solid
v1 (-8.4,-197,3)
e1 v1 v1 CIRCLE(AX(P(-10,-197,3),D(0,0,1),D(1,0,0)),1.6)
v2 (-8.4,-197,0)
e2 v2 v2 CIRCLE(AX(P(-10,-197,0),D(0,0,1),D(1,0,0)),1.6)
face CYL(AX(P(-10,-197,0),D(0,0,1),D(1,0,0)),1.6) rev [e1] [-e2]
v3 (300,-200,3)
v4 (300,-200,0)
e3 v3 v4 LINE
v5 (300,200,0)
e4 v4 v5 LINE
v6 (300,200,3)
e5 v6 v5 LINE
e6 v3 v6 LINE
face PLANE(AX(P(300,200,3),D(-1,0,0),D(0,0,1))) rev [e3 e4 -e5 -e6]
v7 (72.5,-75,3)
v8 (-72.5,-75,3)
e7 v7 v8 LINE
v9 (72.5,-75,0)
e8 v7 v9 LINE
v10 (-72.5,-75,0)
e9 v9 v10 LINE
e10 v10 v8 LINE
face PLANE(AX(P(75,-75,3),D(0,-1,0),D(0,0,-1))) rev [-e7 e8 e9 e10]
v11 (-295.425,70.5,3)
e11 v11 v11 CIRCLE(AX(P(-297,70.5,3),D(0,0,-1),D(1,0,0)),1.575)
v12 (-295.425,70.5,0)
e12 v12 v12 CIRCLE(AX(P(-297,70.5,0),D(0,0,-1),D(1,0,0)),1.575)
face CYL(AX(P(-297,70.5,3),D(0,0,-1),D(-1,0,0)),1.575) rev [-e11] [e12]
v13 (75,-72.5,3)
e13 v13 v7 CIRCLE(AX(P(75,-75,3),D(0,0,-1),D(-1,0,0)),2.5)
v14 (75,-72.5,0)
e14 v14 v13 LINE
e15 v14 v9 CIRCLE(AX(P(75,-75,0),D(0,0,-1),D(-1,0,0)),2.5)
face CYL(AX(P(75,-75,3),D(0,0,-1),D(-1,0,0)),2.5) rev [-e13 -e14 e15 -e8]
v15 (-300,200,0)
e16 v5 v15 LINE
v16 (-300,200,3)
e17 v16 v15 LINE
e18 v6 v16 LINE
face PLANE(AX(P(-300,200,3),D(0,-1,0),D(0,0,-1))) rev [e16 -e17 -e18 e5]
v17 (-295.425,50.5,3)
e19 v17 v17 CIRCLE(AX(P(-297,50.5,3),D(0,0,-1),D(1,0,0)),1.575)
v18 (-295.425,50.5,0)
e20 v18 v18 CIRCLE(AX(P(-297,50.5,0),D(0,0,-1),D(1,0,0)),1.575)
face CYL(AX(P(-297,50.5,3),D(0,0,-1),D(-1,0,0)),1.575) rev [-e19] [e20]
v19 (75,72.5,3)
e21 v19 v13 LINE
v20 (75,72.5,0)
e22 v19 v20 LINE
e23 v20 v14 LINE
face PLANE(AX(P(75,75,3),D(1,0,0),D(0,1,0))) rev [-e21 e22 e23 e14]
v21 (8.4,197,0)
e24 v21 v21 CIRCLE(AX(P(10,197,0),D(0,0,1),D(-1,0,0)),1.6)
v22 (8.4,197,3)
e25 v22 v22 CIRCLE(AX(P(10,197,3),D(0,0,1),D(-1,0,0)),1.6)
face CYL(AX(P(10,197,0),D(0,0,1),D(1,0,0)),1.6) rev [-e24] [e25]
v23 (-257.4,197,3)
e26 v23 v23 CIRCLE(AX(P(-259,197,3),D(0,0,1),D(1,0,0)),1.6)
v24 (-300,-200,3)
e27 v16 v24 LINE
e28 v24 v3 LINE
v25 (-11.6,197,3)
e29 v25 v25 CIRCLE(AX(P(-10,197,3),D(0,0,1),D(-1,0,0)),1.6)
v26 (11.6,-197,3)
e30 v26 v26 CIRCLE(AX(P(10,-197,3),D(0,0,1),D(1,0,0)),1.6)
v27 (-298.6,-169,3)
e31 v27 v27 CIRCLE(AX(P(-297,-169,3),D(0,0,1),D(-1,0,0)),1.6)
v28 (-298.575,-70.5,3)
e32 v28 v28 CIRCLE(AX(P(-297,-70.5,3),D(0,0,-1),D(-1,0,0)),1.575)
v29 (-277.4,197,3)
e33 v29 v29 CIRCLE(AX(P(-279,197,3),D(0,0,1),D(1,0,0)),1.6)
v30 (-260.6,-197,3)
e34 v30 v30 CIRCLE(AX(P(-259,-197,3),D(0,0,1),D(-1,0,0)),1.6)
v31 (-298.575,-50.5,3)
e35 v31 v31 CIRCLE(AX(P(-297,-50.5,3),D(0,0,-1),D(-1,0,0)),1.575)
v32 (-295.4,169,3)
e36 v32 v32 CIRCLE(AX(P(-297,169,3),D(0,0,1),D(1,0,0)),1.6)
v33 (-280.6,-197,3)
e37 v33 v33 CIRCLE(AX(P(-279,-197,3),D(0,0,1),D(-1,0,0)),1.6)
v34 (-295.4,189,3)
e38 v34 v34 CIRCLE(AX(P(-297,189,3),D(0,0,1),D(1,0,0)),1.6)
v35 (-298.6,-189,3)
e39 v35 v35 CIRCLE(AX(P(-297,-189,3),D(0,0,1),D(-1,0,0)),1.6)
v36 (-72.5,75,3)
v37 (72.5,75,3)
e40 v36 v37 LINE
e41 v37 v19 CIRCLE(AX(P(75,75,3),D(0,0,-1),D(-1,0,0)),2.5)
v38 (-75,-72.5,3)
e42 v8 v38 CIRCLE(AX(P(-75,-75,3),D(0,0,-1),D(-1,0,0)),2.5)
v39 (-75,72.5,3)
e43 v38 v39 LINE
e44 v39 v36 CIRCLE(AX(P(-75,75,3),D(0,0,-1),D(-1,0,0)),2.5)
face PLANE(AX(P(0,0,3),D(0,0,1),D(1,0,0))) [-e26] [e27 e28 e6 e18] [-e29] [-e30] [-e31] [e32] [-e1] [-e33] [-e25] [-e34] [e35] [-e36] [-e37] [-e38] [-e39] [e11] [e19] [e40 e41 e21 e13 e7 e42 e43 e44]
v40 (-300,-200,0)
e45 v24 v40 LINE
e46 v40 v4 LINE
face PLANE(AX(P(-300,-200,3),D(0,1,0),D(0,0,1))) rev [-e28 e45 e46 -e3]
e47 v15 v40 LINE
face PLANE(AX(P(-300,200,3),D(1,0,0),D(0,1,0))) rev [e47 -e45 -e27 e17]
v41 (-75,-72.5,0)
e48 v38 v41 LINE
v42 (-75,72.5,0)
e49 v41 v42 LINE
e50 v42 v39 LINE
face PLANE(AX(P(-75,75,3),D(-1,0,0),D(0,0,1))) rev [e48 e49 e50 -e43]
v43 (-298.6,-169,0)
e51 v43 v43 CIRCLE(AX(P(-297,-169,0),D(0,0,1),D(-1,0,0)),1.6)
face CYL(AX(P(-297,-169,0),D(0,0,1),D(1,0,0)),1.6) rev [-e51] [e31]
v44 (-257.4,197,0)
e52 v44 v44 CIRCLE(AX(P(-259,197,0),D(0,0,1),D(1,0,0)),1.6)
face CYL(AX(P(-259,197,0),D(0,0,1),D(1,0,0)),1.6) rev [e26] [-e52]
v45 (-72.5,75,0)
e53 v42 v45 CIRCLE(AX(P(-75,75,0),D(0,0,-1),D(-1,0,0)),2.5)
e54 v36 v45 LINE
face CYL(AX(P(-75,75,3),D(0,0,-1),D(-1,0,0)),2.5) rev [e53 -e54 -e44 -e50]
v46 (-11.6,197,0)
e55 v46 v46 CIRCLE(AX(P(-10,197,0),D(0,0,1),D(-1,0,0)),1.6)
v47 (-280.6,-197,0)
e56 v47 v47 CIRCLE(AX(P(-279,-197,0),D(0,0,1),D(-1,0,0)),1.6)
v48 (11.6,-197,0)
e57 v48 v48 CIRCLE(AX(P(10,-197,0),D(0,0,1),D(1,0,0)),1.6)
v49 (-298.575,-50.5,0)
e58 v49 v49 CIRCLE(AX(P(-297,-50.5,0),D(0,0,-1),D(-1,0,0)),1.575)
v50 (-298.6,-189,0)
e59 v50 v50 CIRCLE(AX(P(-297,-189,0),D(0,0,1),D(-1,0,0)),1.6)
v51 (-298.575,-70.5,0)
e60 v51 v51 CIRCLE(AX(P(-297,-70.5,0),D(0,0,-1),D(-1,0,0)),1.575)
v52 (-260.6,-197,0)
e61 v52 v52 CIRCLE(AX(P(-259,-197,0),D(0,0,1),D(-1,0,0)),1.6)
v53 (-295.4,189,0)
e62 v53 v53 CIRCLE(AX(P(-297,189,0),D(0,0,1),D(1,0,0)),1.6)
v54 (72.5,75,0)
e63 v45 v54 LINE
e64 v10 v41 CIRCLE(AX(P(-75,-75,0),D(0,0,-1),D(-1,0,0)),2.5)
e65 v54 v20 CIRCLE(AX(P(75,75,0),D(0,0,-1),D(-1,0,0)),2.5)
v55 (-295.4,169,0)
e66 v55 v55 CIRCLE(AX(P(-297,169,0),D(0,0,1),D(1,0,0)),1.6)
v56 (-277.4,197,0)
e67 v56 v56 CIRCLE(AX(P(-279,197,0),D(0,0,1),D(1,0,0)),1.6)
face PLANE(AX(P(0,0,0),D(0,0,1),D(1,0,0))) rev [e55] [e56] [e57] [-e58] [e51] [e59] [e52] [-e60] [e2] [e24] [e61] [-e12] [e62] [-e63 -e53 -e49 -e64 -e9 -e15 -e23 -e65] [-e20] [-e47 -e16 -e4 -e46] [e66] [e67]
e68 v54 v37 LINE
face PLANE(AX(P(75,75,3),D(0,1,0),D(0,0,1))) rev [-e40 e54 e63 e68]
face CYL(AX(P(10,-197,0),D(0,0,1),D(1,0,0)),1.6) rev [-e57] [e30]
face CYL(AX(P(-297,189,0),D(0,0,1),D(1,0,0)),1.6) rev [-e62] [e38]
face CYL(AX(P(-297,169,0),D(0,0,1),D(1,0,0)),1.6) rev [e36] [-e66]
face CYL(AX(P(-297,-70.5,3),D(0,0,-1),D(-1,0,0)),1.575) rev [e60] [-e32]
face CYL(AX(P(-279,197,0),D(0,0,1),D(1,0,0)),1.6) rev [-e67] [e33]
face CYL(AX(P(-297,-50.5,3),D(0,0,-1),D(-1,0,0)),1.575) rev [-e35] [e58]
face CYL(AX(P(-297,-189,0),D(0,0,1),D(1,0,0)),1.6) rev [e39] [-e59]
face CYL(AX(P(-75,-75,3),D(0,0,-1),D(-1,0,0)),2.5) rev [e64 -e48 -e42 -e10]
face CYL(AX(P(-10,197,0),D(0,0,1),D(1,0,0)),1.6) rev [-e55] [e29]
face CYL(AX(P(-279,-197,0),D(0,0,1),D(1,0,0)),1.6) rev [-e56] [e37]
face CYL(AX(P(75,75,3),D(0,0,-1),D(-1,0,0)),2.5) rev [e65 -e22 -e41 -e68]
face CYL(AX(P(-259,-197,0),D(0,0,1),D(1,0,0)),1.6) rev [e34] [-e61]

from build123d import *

# Parameters (mm, degrees)
SKETCH_1_W          = 600
SKETCH_1_H          = 400
EXTRUDE_1_DEPTH     = 3
SKETCH_2_R          = 1.6
CUT_EXTRUDE_1_DEPTH = 361.567608085
SKETCH_3_R          = 1.6
CUT_EXTRUDE_2_DEPTH = 361.567608085
SKETCH_4_W          = 150
SKETCH_4_H          = 150
CUT_EXTRUDE_3_DEPTH = 361.567608085
SKETCH_5_R          = 2.5
CUT_EXTRUDE_4_DEPTH = 361.567608085
SKETCH_6_R          = 1.575
CUT_EXTRUDE_5_DEPTH = 361.567608085


with BuildPart() as part:
    # 草图1 → 凸台-拉伸1 (new body)
    with BuildSketch(Plane.XY):
        Rectangle(SKETCH_1_W, SKETCH_1_H)
    extrude(amount=EXTRUDE_1_DEPTH)

    # 草图2 → 切除-拉伸1 (cut, through all)
    with BuildSketch(Plane.XY.offset(3)):
        with Locations((-10, -197)):
            Circle(SKETCH_2_R)
        with Locations((10, -197)):
            Circle(SKETCH_2_R)
        with Locations(Location((10, 197, 0), (0, 0, 180))):
            Circle(SKETCH_2_R)
        with Locations(Location((-10, 197, 0), (0, 0, 180))):
            Circle(SKETCH_2_R)
    extrude(amount=-CUT_EXTRUDE_1_DEPTH, mode=Mode.SUBTRACT)

    # 草图3 → 切除-拉伸2 (cut, through all)
    with BuildSketch(Plane.XY.offset(3)):
        with Locations((-297, 169)):
            Circle(SKETCH_3_R)
        with Locations((-297, 189)):
            Circle(SKETCH_3_R)
        with Locations((-279, 197)):
            Circle(SKETCH_3_R)
        with Locations((-259, 197)):
            Circle(SKETCH_3_R)
        with Locations(Location((-259, -197, 0), (0, 0, 180))):
            Circle(SKETCH_3_R)
        with Locations(Location((-279, -197, 0), (0, 0, 180))):
            Circle(SKETCH_3_R)
        with Locations(Location((-297, -189, 0), (0, 0, 180))):
            Circle(SKETCH_3_R)
        with Locations(Location((-297, -169, 0), (0, 0, 180))):
            Circle(SKETCH_3_R)
    extrude(amount=-CUT_EXTRUDE_2_DEPTH, mode=Mode.SUBTRACT)

    # 草图4 → 切除-拉伸3 (cut, through all)
    with BuildSketch(Plane(origin=(0, 0, 0), x_dir=(-1, 0, 0), z_dir=(0, 0, -1))):
        Rectangle(SKETCH_4_W, SKETCH_4_H)
    extrude(amount=-CUT_EXTRUDE_3_DEPTH, mode=Mode.SUBTRACT)

    # 草图5 → 切除-拉伸4 (cut, through all)
    with BuildSketch(Plane(origin=(0, 0, 0), x_dir=(-1, 0, 0), z_dir=(0, 0, -1))):
        with Locations((75, 75)):
            Circle(SKETCH_5_R)
        with Locations((75, -75)):
            Circle(SKETCH_5_R)
        with Locations((-75, -75)):
            Circle(SKETCH_5_R)
        with Locations((-75, 75)):
            Circle(SKETCH_5_R)
    extrude(amount=-CUT_EXTRUDE_4_DEPTH, mode=Mode.SUBTRACT)

    # 草图6 → 切除-拉伸5 (cut, through all)
    with BuildSketch(Plane(origin=(0, 0, 0), x_dir=(-1, 0, 0), z_dir=(0, 0, -1))):
        with Locations((297, -50.5)):
            Circle(SKETCH_6_R)
        with Locations((297, -70.5)):
            Circle(SKETCH_6_R)
        with Locations(Location((297, 70.5, 0), (0, 0, 180))):
            Circle(SKETCH_6_R)
        with Locations(Location((297, 50.5, 0), (0, 0, 180))):
            Circle(SKETCH_6_R)
    extrude(amount=-CUT_EXTRUDE_5_DEPTH, mode=Mode.SUBTRACT)


solid = part.part
